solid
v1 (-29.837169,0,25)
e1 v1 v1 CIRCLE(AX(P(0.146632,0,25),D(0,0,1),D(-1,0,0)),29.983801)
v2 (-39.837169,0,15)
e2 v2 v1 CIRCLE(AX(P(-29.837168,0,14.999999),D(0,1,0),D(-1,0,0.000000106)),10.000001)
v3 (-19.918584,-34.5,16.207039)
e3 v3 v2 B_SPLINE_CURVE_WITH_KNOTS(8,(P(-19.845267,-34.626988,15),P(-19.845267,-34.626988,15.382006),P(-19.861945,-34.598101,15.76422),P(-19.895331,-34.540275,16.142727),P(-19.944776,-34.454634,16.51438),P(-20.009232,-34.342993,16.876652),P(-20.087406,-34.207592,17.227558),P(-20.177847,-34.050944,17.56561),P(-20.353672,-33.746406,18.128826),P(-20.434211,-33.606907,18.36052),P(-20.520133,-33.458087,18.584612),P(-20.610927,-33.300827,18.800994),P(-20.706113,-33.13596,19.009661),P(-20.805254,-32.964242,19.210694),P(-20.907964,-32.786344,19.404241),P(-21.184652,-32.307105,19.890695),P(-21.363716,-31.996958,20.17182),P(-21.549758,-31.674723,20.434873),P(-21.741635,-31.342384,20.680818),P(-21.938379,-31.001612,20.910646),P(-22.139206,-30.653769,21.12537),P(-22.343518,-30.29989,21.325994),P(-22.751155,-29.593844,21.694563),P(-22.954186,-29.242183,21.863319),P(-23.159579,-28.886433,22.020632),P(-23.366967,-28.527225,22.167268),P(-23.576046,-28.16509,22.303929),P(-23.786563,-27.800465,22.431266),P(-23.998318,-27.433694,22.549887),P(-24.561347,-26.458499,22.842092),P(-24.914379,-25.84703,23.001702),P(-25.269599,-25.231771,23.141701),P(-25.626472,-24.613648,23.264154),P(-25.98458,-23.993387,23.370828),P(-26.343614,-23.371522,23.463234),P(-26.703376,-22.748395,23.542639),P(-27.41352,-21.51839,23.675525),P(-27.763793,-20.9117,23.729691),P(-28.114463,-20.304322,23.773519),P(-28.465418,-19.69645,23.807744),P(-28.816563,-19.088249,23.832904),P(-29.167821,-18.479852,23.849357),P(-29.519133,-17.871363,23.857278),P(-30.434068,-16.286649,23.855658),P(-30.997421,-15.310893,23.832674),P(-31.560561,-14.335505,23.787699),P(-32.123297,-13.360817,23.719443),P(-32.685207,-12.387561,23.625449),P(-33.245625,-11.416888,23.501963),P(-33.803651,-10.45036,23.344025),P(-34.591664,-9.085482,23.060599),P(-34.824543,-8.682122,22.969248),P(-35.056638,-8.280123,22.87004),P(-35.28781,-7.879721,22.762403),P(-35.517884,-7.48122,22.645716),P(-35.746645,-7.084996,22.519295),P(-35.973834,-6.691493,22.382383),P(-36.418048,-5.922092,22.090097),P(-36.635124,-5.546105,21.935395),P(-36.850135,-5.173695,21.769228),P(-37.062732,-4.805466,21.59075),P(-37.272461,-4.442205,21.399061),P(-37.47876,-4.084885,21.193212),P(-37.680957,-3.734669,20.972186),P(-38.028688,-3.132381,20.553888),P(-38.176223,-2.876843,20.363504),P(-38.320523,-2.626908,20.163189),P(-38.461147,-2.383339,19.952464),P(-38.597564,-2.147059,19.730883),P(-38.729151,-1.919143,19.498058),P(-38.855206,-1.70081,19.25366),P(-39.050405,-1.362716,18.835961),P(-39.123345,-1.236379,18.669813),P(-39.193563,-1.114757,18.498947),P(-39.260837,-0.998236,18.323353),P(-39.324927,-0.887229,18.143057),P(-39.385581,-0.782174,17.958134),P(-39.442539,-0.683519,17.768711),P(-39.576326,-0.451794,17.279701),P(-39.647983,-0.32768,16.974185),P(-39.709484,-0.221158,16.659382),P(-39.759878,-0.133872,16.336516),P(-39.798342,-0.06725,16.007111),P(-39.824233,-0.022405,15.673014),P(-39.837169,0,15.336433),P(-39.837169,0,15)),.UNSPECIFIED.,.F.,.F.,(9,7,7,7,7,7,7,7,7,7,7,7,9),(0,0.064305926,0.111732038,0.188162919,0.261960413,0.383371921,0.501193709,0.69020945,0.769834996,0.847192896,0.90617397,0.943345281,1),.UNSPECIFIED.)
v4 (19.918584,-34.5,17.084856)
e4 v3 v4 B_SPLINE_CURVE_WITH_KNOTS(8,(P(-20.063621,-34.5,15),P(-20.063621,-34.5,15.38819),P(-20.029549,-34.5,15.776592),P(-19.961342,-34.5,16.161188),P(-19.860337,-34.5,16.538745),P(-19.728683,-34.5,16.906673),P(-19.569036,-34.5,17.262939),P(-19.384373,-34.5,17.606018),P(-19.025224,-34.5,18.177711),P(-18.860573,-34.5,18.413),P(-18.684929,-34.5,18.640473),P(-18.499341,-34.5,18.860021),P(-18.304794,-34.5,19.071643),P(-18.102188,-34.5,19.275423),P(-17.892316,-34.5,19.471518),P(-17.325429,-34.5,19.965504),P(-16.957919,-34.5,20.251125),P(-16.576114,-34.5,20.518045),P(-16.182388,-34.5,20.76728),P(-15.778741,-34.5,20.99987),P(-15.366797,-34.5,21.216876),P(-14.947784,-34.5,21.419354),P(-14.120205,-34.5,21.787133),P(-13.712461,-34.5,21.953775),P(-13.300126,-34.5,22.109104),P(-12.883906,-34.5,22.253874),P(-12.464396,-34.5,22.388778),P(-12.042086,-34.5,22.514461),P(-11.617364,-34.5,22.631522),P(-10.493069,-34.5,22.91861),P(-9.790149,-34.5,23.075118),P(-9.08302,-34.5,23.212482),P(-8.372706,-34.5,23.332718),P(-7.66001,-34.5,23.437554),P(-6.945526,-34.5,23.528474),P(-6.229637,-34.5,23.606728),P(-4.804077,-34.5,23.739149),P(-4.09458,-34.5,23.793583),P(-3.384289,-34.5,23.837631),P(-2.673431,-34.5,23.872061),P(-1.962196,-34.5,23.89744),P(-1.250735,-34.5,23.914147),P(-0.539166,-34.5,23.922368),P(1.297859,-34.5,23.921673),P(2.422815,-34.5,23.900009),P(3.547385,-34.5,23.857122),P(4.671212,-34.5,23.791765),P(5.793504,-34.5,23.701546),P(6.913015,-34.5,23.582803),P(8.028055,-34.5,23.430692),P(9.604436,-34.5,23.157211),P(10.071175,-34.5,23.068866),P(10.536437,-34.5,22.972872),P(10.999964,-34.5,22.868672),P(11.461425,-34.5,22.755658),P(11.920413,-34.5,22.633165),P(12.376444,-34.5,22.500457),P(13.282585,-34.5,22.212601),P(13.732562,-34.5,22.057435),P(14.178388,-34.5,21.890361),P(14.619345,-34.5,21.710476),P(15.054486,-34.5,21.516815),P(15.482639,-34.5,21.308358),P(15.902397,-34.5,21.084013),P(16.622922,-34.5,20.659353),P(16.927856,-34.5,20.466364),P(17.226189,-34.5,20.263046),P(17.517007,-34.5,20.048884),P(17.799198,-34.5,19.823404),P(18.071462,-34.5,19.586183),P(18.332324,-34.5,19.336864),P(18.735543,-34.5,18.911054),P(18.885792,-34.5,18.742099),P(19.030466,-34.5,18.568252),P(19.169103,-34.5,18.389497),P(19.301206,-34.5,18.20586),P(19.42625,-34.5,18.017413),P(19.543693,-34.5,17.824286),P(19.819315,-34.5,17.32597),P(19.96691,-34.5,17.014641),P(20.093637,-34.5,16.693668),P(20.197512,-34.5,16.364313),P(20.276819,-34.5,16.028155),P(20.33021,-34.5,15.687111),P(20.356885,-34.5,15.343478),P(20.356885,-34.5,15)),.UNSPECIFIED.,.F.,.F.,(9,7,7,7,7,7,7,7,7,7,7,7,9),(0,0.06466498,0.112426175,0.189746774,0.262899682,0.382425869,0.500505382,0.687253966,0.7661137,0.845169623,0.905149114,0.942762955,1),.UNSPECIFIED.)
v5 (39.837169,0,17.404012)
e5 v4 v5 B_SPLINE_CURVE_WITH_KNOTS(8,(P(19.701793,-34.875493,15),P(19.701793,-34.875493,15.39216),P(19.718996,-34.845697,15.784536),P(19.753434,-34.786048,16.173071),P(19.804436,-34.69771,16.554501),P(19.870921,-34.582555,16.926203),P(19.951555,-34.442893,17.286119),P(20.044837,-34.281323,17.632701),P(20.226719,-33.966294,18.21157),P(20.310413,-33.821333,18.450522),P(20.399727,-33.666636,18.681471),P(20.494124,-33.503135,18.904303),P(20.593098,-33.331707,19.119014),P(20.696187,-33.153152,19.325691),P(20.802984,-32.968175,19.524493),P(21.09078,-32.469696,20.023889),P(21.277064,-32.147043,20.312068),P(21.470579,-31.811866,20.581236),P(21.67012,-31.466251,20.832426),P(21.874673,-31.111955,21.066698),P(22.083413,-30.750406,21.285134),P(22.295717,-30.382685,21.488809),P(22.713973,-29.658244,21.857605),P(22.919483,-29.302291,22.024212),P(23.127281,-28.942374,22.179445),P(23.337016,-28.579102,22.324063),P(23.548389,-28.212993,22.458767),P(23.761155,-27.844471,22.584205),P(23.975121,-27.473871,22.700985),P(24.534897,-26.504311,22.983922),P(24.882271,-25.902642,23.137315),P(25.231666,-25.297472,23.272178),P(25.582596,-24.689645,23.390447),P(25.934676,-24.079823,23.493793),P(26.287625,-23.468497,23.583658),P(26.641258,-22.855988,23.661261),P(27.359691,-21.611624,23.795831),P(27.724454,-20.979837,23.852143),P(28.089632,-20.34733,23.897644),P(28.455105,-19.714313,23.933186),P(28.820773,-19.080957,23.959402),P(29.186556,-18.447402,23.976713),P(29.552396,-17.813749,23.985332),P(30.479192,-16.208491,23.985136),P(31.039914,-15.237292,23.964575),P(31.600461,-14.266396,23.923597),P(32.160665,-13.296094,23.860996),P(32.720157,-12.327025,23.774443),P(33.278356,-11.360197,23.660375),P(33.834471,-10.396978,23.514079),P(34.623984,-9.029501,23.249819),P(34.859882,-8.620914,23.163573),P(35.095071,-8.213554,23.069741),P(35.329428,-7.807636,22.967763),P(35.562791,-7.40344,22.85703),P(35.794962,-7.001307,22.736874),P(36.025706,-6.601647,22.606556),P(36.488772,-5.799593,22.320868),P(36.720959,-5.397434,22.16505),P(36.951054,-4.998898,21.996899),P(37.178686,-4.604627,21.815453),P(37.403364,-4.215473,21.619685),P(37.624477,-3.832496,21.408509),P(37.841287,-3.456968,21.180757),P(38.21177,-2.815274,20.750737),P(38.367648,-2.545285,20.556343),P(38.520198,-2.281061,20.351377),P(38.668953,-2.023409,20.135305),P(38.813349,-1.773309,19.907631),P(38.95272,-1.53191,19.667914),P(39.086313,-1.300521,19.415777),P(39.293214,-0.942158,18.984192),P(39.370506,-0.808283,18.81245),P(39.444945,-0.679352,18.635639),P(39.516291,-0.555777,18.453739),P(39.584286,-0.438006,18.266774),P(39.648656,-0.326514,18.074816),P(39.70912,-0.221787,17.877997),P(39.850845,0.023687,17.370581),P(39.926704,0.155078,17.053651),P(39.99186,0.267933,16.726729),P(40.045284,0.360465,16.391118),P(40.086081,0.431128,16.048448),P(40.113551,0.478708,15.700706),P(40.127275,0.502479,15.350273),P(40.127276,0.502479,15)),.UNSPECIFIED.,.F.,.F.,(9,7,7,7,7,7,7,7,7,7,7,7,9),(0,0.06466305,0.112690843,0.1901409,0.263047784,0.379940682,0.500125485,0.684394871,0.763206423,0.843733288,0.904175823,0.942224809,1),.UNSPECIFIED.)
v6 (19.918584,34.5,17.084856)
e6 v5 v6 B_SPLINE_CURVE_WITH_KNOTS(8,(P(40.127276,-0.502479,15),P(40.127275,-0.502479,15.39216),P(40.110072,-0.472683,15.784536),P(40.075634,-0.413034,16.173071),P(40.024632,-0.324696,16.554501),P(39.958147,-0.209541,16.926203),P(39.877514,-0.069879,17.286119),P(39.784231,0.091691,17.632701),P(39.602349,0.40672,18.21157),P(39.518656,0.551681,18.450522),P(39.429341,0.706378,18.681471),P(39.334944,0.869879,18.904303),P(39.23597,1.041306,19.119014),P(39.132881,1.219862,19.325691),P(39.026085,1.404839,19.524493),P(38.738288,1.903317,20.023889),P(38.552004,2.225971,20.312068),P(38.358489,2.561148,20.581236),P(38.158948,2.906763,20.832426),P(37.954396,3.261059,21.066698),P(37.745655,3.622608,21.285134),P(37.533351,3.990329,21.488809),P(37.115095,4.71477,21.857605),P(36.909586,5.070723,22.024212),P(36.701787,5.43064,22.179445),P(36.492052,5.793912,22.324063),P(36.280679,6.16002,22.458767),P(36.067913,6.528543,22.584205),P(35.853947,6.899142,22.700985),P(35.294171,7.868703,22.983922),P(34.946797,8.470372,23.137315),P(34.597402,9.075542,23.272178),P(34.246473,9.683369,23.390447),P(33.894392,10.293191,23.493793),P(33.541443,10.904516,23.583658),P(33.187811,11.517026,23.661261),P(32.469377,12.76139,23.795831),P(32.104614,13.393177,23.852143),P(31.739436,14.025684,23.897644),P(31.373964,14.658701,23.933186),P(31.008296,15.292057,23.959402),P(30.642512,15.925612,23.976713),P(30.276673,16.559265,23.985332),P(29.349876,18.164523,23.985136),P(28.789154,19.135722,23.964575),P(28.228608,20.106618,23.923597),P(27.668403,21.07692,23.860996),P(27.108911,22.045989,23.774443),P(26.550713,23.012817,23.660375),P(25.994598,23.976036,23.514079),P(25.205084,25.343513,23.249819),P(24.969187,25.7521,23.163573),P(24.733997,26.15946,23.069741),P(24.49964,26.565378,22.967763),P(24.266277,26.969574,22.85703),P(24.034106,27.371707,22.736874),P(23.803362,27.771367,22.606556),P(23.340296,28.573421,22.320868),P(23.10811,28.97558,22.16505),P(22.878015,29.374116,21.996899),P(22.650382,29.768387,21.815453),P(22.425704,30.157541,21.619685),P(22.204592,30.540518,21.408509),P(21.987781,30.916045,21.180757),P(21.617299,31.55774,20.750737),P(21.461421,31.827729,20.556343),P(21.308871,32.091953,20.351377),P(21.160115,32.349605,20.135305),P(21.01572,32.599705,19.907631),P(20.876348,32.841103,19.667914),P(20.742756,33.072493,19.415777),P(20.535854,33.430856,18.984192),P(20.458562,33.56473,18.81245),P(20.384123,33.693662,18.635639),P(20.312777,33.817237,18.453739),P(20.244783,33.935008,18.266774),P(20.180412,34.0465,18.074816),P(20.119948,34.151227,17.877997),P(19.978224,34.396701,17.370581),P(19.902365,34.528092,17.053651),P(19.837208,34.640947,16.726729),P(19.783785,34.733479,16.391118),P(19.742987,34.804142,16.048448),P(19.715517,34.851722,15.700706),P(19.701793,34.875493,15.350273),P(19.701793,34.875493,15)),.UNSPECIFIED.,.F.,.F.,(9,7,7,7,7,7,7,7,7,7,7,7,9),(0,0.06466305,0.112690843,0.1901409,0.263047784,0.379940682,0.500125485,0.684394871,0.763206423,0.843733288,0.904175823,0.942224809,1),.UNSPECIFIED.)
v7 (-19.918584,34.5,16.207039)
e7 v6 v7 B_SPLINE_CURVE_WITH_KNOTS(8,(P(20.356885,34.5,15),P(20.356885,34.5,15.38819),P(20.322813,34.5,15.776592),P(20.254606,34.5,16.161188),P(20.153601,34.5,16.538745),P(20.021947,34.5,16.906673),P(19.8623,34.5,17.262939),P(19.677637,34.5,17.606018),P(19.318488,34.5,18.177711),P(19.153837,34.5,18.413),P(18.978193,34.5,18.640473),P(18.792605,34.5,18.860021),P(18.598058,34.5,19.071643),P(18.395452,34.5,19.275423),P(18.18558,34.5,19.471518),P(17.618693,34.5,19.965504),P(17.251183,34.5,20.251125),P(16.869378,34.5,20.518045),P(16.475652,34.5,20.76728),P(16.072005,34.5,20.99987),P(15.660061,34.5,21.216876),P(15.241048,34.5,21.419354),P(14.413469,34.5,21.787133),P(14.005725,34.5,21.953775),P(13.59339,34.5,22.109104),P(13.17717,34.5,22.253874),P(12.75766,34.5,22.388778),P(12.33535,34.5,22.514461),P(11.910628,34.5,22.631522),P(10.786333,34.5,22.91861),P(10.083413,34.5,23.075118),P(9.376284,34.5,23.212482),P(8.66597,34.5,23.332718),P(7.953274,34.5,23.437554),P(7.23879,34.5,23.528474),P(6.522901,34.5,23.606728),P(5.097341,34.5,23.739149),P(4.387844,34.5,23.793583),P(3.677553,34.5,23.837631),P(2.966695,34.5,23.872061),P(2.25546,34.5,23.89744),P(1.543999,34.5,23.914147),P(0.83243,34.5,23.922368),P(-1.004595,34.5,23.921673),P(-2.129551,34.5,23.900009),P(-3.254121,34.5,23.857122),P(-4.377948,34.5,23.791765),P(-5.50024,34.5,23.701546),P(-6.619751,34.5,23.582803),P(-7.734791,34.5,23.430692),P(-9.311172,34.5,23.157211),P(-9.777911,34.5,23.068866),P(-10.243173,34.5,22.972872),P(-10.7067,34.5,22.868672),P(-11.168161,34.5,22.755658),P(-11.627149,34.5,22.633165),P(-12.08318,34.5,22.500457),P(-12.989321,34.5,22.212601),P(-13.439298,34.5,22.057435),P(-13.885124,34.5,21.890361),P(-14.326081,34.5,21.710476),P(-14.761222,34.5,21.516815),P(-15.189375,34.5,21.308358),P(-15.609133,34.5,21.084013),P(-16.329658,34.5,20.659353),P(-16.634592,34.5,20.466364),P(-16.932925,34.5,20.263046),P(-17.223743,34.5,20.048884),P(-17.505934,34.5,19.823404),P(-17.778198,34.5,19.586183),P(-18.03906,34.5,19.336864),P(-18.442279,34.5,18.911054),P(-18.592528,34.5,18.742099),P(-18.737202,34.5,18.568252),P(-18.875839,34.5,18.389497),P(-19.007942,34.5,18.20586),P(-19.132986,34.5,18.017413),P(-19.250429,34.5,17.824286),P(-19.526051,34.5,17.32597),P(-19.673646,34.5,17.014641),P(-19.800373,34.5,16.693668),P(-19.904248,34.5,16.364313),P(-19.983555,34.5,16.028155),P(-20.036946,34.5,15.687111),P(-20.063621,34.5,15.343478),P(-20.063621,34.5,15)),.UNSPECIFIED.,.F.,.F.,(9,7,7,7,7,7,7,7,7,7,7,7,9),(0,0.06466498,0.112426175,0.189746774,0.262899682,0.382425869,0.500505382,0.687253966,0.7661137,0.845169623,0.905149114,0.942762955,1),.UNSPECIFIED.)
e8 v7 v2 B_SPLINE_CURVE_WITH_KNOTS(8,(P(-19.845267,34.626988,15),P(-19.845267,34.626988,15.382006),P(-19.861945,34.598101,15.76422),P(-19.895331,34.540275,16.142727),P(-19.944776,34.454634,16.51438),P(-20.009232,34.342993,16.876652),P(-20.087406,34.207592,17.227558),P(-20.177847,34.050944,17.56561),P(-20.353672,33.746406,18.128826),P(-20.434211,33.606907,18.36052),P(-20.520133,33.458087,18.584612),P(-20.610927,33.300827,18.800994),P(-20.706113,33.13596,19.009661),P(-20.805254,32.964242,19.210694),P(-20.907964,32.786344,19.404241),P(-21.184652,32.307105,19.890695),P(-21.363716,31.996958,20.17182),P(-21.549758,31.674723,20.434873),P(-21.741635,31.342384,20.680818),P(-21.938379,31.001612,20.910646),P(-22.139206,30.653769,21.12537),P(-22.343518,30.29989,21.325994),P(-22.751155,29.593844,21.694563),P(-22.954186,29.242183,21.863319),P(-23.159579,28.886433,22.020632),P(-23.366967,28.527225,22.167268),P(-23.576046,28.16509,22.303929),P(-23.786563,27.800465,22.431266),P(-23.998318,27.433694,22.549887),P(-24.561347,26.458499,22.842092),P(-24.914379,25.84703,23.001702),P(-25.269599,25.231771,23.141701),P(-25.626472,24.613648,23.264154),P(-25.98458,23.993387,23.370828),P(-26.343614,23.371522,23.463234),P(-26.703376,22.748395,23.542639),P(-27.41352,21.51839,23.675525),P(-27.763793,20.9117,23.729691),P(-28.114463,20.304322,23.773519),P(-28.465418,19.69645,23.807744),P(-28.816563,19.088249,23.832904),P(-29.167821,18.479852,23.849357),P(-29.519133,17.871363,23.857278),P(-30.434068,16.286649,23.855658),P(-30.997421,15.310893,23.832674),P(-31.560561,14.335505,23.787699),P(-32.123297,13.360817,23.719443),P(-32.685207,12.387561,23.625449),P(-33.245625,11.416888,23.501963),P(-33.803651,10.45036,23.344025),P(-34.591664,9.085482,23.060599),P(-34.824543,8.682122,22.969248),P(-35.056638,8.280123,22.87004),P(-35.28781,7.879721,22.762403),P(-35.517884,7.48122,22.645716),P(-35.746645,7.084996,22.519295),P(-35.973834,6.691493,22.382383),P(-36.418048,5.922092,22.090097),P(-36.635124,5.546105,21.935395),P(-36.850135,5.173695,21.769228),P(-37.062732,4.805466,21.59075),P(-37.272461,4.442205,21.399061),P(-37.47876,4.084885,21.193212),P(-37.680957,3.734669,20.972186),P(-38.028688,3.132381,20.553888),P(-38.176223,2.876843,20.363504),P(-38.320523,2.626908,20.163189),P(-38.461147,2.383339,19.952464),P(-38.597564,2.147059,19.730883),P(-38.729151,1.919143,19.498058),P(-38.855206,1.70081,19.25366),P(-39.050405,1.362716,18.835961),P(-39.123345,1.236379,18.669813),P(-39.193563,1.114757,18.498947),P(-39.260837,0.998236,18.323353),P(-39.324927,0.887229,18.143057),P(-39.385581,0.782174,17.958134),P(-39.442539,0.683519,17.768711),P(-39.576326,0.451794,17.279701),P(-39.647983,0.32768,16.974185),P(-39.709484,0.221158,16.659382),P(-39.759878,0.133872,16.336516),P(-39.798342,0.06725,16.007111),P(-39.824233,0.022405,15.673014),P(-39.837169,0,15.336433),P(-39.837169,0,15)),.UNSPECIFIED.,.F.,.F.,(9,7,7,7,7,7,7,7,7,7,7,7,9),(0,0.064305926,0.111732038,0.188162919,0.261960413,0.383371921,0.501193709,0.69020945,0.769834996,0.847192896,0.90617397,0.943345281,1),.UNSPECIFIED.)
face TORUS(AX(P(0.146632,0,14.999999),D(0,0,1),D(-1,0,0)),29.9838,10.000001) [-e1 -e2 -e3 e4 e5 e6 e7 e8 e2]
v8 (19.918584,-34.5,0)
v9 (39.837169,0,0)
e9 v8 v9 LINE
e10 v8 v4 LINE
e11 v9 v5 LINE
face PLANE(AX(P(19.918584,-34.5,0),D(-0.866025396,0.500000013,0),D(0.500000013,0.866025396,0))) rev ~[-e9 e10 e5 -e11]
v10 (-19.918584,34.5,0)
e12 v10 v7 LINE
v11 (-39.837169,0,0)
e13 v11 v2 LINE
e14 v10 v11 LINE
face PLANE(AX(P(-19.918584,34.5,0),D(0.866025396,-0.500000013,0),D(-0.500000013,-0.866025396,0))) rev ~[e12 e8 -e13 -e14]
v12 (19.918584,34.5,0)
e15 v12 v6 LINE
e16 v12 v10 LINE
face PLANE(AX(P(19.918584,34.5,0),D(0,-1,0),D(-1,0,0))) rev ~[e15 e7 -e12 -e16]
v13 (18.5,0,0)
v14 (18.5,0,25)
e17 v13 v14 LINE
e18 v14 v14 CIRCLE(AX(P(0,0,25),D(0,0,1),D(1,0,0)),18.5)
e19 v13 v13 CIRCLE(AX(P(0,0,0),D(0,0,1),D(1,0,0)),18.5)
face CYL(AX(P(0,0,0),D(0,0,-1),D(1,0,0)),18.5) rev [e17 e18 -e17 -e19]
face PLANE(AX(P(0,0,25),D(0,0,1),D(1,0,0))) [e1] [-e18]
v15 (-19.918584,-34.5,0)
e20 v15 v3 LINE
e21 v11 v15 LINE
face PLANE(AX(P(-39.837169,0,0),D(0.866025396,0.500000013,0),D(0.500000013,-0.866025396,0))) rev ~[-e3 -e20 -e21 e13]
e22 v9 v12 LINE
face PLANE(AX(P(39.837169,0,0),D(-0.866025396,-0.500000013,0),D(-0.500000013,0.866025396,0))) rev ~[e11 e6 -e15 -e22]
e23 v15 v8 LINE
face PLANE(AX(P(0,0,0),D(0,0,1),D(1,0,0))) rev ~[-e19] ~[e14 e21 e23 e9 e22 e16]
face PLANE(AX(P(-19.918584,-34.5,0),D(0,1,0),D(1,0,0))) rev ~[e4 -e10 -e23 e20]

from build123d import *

# Parameters (mm, degrees)
F0_R     = 18.5
F1_DEPTH = 25


with BuildPart() as f1:
    # F0 (on Top) → F1 (new body)
    with BuildSketch(Plane.XY):
        Polygon((19.918584, 34.5), (-19.918584, 34.5), (-39.837169, 0), (-19.918584, -34.5), (19.918584, -34.5), (39.837169, 0), align=None)
        Circle(F0_R, mode=Mode.SUBTRACT)
    extrude(amount=F1_DEPTH)

    # F2 (on Front) → F3 (revolve, cut)
    with BuildSketch(Plane.XZ):
        with BuildLine():
            Line((-48.746884, 0), (-39.837169, 0))
            Line((-39.837169, 0), (-39.837169, 15))
            ThreePointArc((-39.837169, 15), (-36.908236, 22.071068), (-29.837169, 25))
            Line((-29.837169, 25), (0.146632, 25))
            Line((0.146632, 25), (0.146632, 38.46572))
            Line((0.146632, 38.46572), (-48.746884, 38.46572))
            Line((-48.746884, 38.46572), (-48.746884, 0))
        make_face()
    revolve(axis=Axis((0.146632, 0, 31.73286), (0, 0, 1)), mode=Mode.SUBTRACT)


solid = f1.part
